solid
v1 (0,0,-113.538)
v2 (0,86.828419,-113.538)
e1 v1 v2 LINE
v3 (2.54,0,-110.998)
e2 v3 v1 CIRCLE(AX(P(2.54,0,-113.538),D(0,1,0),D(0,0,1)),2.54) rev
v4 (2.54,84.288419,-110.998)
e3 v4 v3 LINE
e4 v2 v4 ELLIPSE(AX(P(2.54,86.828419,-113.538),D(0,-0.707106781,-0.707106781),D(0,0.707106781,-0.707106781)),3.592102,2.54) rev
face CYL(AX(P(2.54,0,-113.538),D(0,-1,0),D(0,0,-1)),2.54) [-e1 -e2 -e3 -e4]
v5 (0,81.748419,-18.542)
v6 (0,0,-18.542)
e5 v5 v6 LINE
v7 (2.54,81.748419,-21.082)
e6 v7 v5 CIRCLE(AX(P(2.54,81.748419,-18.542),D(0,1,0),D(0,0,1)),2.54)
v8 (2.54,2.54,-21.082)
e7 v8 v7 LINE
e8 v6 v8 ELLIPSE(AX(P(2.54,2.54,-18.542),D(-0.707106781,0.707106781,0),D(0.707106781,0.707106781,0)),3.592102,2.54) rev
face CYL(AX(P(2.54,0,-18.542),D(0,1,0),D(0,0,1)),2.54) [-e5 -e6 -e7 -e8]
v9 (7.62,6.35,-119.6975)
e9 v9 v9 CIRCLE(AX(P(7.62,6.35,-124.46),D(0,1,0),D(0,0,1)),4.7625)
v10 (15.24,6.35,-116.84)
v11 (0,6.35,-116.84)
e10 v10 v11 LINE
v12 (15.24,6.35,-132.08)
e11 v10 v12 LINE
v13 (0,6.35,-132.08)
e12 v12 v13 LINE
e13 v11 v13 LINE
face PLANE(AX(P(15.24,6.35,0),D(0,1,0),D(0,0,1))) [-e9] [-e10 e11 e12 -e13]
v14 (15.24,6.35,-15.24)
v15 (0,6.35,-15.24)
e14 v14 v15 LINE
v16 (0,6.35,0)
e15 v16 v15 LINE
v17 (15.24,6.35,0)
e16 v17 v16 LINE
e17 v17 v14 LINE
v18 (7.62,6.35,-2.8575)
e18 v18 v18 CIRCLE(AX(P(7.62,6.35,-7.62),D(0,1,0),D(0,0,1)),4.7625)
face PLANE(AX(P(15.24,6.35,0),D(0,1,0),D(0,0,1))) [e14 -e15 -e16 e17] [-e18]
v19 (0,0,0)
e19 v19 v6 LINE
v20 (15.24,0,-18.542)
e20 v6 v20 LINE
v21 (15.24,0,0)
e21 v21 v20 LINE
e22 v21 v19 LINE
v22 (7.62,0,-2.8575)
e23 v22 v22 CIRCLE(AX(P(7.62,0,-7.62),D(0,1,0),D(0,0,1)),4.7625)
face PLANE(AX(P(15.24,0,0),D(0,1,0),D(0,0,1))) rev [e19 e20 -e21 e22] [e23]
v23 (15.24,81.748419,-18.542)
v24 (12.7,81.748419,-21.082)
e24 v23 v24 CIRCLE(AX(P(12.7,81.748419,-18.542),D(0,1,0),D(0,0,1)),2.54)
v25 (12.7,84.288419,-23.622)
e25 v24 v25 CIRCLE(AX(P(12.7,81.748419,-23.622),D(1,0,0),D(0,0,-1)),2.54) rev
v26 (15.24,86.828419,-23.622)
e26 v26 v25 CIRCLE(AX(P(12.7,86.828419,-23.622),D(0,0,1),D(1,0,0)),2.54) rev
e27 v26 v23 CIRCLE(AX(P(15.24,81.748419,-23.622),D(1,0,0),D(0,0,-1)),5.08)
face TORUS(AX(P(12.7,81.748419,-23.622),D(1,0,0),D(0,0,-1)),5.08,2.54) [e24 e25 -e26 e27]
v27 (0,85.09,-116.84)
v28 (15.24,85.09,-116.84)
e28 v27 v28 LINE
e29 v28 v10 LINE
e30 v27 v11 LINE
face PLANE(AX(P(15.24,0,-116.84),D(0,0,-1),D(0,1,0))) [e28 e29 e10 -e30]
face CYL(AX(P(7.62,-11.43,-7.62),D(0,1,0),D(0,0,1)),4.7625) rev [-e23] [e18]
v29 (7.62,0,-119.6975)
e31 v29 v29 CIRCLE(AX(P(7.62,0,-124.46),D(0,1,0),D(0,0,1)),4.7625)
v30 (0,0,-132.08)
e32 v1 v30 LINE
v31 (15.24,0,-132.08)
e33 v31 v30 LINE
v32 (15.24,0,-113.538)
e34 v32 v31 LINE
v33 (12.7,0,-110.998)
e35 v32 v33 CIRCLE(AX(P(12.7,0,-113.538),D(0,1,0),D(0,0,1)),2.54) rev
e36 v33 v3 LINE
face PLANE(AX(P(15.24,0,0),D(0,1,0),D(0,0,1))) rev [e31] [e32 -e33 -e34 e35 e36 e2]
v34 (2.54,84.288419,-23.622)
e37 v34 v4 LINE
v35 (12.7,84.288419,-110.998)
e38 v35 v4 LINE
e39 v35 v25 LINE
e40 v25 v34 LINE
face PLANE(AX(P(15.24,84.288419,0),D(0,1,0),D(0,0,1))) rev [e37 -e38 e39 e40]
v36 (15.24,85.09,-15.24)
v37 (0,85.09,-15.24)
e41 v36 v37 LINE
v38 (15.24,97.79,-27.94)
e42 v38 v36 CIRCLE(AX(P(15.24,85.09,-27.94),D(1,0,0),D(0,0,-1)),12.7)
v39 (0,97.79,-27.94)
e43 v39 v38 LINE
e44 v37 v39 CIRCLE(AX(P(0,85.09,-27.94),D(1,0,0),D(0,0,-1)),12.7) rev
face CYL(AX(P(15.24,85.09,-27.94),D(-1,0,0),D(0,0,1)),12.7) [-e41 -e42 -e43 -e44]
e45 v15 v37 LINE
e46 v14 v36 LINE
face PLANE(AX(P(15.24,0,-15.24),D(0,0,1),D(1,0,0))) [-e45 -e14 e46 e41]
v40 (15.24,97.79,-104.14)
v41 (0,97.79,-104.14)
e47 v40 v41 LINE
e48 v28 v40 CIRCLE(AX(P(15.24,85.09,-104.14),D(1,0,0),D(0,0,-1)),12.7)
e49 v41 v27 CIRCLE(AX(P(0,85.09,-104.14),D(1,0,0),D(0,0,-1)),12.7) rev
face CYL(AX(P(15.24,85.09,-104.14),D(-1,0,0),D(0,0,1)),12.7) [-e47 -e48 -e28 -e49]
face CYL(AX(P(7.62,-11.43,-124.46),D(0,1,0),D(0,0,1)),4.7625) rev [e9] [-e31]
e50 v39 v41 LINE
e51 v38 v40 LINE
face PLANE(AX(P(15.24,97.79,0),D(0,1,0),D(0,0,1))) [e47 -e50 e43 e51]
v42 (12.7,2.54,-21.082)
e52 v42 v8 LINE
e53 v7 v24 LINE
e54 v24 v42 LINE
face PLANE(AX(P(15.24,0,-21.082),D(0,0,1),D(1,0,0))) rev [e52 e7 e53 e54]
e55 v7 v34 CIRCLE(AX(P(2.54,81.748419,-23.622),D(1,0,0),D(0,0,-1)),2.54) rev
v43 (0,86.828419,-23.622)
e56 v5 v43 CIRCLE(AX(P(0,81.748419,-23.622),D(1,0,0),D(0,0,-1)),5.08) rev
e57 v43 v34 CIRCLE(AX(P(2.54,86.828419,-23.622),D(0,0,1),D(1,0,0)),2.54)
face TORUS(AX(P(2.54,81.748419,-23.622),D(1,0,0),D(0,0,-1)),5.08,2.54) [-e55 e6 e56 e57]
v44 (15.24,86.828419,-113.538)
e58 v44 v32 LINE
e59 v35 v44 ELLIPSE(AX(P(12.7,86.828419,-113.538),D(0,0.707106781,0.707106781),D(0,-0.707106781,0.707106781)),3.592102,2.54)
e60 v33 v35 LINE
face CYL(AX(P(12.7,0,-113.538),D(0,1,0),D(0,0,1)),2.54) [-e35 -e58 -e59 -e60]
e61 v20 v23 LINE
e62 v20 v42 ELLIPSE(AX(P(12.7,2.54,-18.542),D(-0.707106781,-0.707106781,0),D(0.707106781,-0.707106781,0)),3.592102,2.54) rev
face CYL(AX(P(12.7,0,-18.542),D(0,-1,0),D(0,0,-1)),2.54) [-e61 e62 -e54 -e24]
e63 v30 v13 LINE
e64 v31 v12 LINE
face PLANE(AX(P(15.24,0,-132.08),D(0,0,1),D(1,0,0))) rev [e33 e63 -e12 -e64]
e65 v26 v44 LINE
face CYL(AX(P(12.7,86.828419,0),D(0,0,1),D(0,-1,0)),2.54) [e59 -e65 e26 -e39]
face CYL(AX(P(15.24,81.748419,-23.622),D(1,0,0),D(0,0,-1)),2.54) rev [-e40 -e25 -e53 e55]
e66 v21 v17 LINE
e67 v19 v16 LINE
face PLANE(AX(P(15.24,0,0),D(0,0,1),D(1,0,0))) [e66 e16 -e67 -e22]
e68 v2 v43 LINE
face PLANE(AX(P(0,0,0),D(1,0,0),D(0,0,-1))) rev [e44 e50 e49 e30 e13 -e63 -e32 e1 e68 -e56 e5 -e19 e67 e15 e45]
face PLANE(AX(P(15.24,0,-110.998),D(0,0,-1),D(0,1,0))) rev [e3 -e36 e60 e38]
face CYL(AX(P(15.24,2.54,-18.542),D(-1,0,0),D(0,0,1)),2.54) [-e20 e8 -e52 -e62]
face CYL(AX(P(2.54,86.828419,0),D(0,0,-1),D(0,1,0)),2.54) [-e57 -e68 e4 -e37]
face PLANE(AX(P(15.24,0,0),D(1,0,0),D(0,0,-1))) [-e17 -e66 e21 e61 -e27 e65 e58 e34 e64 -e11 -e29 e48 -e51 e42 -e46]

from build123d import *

# Parameters (mm, degrees)
BOSS_EXTRUDE1_DEPTH = 15.24
FILLET1_R           = 12.7
SKETCH2_R           = 4.7625
CUT_EXTRUDE1_DEPTH  = 17.78
FILLET2_R           = 2.54
LPATTERN1_COUNT     = 2
LPATTERN1_PITCH     = 116.84


with BuildPart() as part:
    # Sketch1 → Boss-Extrude1 (new body)
    with BuildSketch(Plane(origin=(0, 0, 0), x_dir=(0, 0, -1), z_dir=(1, 0, 0))):
        Polygon((0, 6.35), (0, 0), (21.082, 0), (21.082, 6.35), (21.082, 84.288418695), (110.998, 84.288418695), (110.998, 0), (132.08, 0), (132.08, 6.35), (116.84, 6.35), (116.84, 97.79), (15.24, 97.79), (15.24, 6.35), align=None)
    extrude(amount=BOSS_EXTRUDE1_DEPTH)

    # Fillet1
    fillet1_edges = [part.edges().sort_by_distance(p)[0] for p in [
        (7.62, 97.79, -15.24),
        (7.62, 97.79, -116.84),
    ]]
    fillet(fillet1_edges, radius=FILLET1_R)

    # Sketch2 → Cut-Extrude1 (cut)
    with BuildSketch(Plane(origin=(0, 6.35, 0), x_dir=(1, 0, 0), z_dir=(0, 1, 0))):
        with Locations(Location((7.62, 7.62, 0), (0, 0, 270))):
            Circle(SKETCH2_R)
    cut_extrude1 = extrude(amount=-CUT_EXTRUDE1_DEPTH, mode=Mode.SUBTRACT)

    # Fillet2
    fillet2_edges = [part.edges().sort_by_distance(p)[0] for p in [
        (15.24, 84.288418695, -66.04),
        (15.24, 42.144209348, -110.998),
        (0, 42.144209348, -110.998),
        (0, 84.288418695, -66.04),
        (0, 42.144209348, -21.082),
        (7.62, 0, -21.082),
        (7.62, 84.288418695, -21.082),
        (15.24, 42.144209348, -21.082),
    ]]
    fillet(fillet2_edges, radius=FILLET2_R)

    # LPattern1: Cut-Extrude1 ×2
    with Locations(*[(0, 0, -i * LPATTERN1_PITCH) for i in range(1, LPATTERN1_COUNT)]):
        add(cut_extrude1, mode=Mode.SUBTRACT)


solid = part.part
